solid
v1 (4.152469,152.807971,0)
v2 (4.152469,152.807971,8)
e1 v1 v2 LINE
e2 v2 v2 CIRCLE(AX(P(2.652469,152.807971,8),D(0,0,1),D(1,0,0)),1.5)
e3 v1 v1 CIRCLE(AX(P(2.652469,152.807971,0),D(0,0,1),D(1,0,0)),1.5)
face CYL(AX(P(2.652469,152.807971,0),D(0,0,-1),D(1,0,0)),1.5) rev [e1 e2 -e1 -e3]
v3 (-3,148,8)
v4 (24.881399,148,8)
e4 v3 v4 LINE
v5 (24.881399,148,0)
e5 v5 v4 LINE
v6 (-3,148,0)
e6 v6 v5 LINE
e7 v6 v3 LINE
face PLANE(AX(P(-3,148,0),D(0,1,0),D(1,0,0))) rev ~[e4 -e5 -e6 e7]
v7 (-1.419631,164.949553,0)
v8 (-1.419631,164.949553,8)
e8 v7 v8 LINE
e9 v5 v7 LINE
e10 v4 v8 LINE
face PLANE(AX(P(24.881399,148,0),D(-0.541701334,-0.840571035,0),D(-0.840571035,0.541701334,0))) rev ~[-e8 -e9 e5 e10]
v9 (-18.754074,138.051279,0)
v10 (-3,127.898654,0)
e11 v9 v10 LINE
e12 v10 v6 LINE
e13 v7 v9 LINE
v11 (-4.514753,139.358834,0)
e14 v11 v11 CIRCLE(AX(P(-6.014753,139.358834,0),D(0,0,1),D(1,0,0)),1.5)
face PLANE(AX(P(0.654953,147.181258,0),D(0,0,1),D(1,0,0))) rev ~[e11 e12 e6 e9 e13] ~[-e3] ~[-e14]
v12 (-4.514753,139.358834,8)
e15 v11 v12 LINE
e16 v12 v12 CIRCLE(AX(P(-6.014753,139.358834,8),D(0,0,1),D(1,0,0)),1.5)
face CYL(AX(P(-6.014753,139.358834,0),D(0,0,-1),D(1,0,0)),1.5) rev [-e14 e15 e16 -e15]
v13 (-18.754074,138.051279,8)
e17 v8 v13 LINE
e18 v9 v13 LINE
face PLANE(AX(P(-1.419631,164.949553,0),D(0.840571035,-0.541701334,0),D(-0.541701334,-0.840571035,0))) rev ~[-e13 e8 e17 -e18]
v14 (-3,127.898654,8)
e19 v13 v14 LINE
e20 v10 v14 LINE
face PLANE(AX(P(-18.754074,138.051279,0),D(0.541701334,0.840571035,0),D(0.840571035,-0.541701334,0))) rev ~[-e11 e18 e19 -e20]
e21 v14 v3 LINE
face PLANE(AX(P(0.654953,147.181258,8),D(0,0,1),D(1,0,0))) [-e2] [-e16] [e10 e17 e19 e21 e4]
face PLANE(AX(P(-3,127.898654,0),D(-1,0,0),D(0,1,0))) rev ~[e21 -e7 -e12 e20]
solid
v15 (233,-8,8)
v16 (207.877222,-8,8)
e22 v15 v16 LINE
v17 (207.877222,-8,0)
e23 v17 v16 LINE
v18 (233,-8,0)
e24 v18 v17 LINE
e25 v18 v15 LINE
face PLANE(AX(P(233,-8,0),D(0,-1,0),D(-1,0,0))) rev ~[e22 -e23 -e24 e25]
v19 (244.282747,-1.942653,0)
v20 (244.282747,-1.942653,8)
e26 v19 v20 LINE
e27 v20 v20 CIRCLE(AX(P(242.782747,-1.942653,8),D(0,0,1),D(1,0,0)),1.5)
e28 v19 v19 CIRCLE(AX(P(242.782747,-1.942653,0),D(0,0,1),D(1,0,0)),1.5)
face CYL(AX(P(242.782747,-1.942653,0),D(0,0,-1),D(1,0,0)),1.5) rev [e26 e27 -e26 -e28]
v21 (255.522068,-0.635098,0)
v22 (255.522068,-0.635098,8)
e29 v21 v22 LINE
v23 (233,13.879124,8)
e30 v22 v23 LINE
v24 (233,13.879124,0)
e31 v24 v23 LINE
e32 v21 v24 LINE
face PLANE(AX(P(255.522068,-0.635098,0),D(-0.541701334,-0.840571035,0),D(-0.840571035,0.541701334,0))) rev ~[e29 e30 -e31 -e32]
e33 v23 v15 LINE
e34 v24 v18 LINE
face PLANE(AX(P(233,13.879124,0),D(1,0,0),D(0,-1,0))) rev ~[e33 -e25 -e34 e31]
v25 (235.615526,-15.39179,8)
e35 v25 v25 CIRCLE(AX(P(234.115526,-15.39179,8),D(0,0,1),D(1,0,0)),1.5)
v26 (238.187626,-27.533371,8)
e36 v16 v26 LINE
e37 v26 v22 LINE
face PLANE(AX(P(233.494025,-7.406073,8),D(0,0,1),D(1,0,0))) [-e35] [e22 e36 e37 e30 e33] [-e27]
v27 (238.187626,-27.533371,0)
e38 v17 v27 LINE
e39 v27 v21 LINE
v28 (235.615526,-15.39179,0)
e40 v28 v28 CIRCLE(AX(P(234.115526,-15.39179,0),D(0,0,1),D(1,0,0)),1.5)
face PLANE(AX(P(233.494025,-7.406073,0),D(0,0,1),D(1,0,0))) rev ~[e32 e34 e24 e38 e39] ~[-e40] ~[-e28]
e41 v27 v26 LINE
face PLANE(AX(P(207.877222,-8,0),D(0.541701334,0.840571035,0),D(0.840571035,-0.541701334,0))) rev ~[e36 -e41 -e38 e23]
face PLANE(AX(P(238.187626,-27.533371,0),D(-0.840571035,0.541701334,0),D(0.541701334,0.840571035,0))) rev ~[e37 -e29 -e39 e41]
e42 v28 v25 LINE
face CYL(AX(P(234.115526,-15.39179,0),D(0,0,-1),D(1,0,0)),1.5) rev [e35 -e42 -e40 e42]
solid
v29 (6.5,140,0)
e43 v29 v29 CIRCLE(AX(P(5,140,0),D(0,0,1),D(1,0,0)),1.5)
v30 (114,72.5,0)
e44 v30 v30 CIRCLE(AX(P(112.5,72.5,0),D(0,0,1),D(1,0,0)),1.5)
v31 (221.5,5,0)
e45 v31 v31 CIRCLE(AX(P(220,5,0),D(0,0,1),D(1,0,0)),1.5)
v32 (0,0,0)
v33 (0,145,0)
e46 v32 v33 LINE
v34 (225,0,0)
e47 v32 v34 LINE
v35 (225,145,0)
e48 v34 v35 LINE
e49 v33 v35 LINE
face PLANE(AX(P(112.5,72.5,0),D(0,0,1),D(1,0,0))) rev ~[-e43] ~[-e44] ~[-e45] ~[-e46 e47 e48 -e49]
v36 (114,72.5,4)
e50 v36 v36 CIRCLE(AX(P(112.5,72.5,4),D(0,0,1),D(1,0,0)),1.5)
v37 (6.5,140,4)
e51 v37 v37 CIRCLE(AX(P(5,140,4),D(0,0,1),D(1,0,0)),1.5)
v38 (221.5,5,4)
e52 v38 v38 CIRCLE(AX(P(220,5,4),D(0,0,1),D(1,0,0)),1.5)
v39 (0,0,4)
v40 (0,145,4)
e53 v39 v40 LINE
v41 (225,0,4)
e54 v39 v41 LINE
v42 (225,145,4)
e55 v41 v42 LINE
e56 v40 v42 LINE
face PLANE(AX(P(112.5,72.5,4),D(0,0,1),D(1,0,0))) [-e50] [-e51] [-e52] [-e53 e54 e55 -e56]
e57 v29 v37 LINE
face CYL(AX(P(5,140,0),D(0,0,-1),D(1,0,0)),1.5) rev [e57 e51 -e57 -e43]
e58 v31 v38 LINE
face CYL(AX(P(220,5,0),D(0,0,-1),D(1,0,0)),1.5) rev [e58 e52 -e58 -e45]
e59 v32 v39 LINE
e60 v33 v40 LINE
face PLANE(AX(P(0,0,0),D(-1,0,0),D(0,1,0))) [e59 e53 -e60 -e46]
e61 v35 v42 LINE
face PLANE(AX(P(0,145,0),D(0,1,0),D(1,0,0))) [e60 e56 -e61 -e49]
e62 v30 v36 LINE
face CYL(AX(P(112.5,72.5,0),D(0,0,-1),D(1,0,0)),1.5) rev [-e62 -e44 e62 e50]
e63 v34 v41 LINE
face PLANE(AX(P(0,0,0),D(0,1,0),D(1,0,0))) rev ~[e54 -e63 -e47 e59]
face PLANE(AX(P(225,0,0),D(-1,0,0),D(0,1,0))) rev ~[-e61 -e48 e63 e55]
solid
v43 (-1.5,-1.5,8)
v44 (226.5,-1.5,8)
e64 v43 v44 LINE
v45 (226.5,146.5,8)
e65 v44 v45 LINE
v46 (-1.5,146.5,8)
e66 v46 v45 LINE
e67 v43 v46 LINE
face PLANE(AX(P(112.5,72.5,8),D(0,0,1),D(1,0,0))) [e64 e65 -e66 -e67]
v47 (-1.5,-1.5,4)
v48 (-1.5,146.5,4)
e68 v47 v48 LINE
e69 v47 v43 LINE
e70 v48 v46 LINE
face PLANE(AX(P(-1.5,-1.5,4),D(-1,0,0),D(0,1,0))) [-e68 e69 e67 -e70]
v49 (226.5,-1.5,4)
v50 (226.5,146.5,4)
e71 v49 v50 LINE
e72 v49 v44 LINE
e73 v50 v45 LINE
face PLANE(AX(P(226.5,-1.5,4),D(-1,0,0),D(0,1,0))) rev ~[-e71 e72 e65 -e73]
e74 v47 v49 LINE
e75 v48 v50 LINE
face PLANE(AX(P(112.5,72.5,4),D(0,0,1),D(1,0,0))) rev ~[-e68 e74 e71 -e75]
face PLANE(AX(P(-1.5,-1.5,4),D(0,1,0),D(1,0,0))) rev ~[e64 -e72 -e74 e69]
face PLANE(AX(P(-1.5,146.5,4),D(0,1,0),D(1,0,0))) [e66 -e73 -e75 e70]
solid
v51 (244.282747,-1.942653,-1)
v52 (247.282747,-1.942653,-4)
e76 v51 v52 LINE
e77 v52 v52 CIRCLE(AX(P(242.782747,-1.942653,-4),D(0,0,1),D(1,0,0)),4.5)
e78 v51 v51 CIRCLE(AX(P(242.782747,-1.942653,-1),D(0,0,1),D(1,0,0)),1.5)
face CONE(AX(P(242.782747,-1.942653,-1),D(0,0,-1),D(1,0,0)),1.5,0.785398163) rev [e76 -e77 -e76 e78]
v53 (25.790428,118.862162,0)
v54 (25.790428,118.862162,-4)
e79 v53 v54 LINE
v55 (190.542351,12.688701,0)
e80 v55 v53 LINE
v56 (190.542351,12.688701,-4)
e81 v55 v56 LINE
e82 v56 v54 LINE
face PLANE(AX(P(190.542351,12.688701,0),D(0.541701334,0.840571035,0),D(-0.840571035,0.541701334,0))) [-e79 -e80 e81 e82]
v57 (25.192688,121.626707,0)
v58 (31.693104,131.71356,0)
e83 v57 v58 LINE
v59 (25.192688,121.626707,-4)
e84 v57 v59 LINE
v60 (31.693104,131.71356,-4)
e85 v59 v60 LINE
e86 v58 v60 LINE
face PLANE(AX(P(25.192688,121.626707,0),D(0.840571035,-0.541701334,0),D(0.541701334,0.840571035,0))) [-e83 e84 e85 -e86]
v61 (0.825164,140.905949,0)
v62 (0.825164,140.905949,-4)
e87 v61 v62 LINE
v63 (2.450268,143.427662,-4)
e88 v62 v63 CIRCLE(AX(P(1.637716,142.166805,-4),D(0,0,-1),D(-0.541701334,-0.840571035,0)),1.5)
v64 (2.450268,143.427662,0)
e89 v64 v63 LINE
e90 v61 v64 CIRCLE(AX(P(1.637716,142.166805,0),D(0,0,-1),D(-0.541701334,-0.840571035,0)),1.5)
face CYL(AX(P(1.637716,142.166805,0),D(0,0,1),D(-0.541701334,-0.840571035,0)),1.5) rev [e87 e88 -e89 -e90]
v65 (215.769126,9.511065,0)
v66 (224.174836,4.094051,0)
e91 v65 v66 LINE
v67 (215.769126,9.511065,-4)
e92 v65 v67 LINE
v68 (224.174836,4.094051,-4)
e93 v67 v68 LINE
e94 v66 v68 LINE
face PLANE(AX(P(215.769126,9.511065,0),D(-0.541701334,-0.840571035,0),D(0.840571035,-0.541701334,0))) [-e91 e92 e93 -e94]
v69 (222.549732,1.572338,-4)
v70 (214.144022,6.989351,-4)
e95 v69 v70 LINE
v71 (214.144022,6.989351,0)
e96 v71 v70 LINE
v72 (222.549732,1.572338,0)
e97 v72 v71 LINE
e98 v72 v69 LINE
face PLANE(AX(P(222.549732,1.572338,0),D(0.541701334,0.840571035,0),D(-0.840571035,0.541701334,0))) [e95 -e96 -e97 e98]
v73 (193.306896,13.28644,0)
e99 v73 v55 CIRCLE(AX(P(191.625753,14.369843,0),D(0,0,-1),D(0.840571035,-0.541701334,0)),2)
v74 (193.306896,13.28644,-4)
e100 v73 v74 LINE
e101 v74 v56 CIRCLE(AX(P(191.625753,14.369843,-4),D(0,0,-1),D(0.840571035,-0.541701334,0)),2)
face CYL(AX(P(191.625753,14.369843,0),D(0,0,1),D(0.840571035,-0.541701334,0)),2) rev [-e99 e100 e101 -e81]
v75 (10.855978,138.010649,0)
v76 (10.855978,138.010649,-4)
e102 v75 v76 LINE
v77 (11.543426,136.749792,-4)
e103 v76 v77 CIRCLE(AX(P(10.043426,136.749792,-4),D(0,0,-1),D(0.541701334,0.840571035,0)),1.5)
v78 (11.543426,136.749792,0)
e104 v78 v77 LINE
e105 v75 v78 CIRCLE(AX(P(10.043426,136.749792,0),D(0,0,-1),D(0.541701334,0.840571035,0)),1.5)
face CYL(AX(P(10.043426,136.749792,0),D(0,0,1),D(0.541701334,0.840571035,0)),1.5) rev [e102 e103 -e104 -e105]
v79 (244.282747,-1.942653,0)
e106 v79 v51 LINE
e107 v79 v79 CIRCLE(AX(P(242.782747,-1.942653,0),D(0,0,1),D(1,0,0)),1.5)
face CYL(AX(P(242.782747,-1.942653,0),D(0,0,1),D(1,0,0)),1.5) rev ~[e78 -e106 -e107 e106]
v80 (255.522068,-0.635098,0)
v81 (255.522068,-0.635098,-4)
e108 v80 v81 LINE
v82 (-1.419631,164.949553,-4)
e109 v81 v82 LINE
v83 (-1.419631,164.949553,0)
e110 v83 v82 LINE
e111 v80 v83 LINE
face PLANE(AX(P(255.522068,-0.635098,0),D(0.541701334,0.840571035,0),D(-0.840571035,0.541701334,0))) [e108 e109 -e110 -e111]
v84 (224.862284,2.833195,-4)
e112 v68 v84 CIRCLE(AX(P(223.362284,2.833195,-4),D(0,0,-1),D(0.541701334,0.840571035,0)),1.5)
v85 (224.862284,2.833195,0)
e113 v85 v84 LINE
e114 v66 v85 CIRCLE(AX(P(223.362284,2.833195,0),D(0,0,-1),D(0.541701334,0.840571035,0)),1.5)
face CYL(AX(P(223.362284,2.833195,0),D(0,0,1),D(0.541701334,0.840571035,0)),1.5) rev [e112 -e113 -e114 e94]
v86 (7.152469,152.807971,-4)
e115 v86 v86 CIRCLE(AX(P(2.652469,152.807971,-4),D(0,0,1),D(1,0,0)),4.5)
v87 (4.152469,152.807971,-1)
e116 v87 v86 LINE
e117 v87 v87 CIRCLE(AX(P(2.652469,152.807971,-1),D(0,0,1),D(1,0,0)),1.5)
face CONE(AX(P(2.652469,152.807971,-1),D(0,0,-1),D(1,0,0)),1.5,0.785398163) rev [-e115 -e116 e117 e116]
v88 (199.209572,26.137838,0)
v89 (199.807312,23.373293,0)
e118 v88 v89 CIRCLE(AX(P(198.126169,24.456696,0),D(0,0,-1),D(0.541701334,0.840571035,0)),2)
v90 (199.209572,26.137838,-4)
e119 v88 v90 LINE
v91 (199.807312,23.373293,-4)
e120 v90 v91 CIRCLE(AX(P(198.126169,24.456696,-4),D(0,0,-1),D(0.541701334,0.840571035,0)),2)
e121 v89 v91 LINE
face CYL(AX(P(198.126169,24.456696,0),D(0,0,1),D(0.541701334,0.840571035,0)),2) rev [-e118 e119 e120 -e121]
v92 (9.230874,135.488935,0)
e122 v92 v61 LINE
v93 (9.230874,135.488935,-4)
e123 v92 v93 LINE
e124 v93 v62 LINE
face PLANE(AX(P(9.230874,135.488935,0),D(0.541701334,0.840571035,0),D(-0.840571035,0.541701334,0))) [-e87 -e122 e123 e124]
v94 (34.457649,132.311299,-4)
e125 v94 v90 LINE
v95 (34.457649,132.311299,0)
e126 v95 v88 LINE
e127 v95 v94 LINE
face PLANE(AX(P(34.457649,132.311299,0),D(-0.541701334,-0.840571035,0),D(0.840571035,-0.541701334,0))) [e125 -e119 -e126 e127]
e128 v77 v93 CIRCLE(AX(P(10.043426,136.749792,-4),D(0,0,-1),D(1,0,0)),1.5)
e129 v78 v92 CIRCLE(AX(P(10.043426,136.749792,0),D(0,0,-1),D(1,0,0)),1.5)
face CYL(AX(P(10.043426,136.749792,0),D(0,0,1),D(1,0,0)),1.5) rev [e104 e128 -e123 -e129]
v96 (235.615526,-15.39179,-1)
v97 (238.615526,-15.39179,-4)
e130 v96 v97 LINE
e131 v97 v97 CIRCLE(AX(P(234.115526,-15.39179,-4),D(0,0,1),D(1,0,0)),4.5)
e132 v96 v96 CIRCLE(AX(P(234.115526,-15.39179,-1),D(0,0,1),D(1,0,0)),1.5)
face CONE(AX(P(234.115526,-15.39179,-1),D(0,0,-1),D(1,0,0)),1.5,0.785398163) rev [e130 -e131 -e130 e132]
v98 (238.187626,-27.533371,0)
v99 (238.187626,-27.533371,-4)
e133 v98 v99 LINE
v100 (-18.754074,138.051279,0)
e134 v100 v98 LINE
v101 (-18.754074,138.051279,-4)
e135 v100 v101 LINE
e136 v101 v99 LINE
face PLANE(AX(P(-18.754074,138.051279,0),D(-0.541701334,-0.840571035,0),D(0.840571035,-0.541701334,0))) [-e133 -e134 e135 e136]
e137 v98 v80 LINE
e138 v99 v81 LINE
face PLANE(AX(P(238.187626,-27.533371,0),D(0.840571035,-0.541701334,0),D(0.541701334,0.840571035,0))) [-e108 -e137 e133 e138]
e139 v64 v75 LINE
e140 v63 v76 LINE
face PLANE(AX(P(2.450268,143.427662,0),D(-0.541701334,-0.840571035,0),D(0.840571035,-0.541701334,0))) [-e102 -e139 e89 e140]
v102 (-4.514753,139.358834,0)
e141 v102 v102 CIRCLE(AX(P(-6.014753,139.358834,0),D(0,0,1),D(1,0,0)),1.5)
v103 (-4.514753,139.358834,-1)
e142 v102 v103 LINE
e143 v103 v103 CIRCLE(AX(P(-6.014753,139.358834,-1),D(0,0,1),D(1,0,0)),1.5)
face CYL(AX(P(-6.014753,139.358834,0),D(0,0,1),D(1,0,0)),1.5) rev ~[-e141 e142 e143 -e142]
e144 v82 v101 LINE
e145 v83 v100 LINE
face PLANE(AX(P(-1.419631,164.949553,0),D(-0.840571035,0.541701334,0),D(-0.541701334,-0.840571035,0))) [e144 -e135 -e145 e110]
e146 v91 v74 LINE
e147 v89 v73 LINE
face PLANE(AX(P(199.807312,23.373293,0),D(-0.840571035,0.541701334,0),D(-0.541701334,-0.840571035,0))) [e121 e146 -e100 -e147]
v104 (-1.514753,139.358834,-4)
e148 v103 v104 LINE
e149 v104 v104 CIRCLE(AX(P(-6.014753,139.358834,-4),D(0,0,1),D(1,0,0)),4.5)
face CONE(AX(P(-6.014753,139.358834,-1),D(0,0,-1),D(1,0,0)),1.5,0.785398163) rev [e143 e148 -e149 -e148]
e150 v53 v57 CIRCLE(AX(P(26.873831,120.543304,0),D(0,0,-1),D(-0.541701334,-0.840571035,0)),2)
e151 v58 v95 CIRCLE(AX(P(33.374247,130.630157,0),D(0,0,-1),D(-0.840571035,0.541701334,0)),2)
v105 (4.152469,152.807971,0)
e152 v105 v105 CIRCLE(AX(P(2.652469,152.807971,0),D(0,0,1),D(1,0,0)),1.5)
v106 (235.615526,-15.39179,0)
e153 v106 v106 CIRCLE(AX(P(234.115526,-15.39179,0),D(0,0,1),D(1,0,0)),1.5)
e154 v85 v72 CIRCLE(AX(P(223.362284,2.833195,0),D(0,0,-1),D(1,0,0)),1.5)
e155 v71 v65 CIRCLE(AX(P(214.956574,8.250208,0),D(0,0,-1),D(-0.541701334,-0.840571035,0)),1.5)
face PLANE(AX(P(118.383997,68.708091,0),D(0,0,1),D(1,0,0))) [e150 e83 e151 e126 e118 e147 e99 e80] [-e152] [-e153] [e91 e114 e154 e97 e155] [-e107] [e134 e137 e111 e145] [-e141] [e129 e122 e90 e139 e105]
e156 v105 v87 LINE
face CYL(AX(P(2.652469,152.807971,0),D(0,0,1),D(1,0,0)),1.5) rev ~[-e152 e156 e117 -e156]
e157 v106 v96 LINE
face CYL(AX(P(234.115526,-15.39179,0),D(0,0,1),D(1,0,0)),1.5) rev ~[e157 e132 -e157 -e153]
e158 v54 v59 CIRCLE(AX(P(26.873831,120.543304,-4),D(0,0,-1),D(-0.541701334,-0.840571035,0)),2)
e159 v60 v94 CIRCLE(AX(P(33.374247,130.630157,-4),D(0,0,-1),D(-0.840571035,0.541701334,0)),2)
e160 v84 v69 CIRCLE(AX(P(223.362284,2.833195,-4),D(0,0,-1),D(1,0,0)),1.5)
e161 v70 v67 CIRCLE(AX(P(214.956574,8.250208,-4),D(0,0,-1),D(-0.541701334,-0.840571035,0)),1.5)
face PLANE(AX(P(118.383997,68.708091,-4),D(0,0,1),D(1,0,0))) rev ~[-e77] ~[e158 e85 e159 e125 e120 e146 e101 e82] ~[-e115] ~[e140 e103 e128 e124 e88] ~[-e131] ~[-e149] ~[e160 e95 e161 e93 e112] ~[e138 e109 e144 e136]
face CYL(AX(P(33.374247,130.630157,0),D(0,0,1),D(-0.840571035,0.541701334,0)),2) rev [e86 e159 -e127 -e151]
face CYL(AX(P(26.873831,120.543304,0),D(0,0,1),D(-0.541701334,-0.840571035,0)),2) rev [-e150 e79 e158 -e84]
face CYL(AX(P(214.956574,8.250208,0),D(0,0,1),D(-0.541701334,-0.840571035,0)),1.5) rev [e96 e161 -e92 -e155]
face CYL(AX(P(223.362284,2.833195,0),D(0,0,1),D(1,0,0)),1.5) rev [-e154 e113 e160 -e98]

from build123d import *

# Parameters (mm, degrees)
F1_W     = 225
F1_H     = 145
F1_R     = 1.5
F2_DEPTH = 4
F3_R     = 1.5
F4_DEPTH = 4
F5_R     = 1.5
F6_DEPTH = 8
F7_DEPTH = 8
F8_START = 4
F1_W_2   = 228
F1_H_2   = 148
F8_DEPTH = 4
F9_SIZE  = 3


with BuildPart() as f2:
    # F1 (on Top) → F2 (new body)
    with BuildSketch(Plane.XY):
        with Locations((112.5, 72.5)):
            Rectangle(F1_W, F1_H)
        with Locations((220, 5)):
            Circle(F1_R, mode=Mode.SUBTRACT)
        with Locations((5, 140)):
            Circle(F1_R, mode=Mode.SUBTRACT)
        with Locations((112.5, 72.5)):
            Circle(F1_R, mode=Mode.SUBTRACT)
    extrude(amount=F2_DEPTH)


with BuildPart() as f4:
    # F3 (on Top) → F4 (new body)
    with BuildSketch(Plane.XY):
        Polygon((-1.4196310815, 164.9495525662), (-18.7540737608, 138.0512794432), (238.1876255728, -27.5333712384), (255.5220682521, -0.6350981154), align=None)
        with Locations((234.1155258917, -15.3917896204)):
            Circle(F3_R, mode=Mode.SUBTRACT)
        with BuildLine():
            ThreePointArc((214.1440217888, 6.9893514497), (213.6957172368, 9.062760003), (215.76912579, 9.511064555))
            Line((215.76912579, 9.511064555), (224.174836141, 4.0940512177))
            ThreePointArc((224.174836141, 4.0940512177), (224.6792556664, 3.551237839), (224.8622841404, 2.8331946651))
            ThreePointArc((224.8622841404, 2.8331946651), (224.0803273143, 1.516223139), (222.5497321398, 1.5723381125))
            Line((222.5497321398, 1.5723381125), (214.1440217888, 6.9893514497))
        make_face(mode=Mode.SUBTRACT)
        with Locations((242.7827472313, -1.9426530589)):
            Circle(F3_R, mode=Mode.SUBTRACT)
        with BuildLine():
            ThreePointArc((31.693104493, 131.7135595833), (32.9515809781, 132.5849852467), (34.4576492306, 132.311298986))
            Line((34.4576492306, 132.311298986), (199.209572109, 26.1378375755))
            ThreePointArc((199.209572109, 26.1378375755), (200.0809977724, 24.8793610904), (199.8073115117, 23.3732928379))
            Line((199.8073115117, 23.3732928379), (193.306895507, 13.2864404167))
            ThreePointArc((193.306895507, 13.2864404167), (192.0484190219, 12.4150147533), (190.5423507694, 12.688701014))
            Line((190.5423507694, 12.688701014), (25.790427891, 118.8621624245))
            ThreePointArc((25.790427891, 118.8621624245), (24.9190022276, 120.1206389096), (25.1926884883, 121.6267071621))
            Line((25.1926884883, 121.6267071621), (31.693104493, 131.7135595833))
        make_face(mode=Mode.SUBTRACT)
        with Locations((-6.01475274, 139.3588343867)):
            Circle(F3_R, mode=Mode.SUBTRACT)
        with BuildLine():
            ThreePointArc((0.825163859, 140.9059487823), (0.376859307, 142.9793573355), (2.4502678602, 143.4276618875))
            Line((2.4502678602, 143.4276618875), (10.8559782112, 138.0106485503))
            ThreePointArc((10.8559782112, 138.0106485503), (11.3603977366, 137.4678351715), (11.5434262106, 136.7497919976))
            ThreePointArc((11.5434262106, 136.7497919976), (10.7614693844, 135.4328204716), (9.23087421, 135.488935445))
            Line((9.23087421, 135.488935445), (0.825163859, 140.9059487823))
        make_face(mode=Mode.SUBTRACT)
        with Locations((2.6524685996, 152.8079709482)):
            Circle(F3_R, mode=Mode.SUBTRACT)
    extrude(amount=-F4_DEPTH)

    # F9
    f9_edges = [f4.edges().sort_by_distance(p)[0] for p in [
        (232.615526, -15.39179, -4),
        (241.282747, -1.942653, -4),
        (1.152469, 152.807971, -4),
        (-7.514753, 139.358834, -4),
    ]]
    chamfer(f9_edges, length=F9_SIZE)


with BuildPart() as f6:
    # F5 (on face) → F6 (new body)
    with BuildSketch(Plane.XY):
        Polygon((24.8813987626, 148), (-1.4196310815, 164.9495525662), (-18.7540737608, 138.0512794432), (-3, 127.8986541307), (-3, 148), align=None)
        with Locations((-6.01475274, 139.3588343867)):
            Circle(F5_R, mode=Mode.SUBTRACT)
        with Locations((2.6524685996, 152.8079709482)):
            Circle(F5_R, mode=Mode.SUBTRACT)
    extrude(amount=F6_DEPTH)


with BuildPart() as f7:
    # F5 (on face) → F7 (new body)
    with BuildSketch(Plane.XY):
        Polygon((255.5220682521, -0.6350981154), (233, 13.879123647), (233, -8), (207.877221927, -8), (238.1876255728, -27.5333712384), align=None)
        with Locations((234.1155258917, -15.3917896204)):
            Circle(F5_R, mode=Mode.SUBTRACT)
        with Locations((242.7827472313, -1.9426530589)):
            Circle(F5_R, mode=Mode.SUBTRACT)
    extrude(amount=F7_DEPTH)


with BuildPart() as f8:
    # F1 (on Top) → F8 (new body)
    with BuildSketch(Plane.XY.offset(F8_START)):
        with Locations((112.5, 72.5)):
            Rectangle(F1_W_2, F1_H_2)
        with Locations((112.5, 72.5)):
            Rectangle(F1_W, F1_H, mode=Mode.SUBTRACT)
        with Locations((112.5, 72.5)):
            Rectangle(F1_W, F1_H)
        with Locations((220, 5)):
            Circle(F1_R, mode=Mode.SUBTRACT)
        with Locations((5, 140)):
            Circle(F1_R, mode=Mode.SUBTRACT)
        with Locations((112.5, 72.5)):
            Circle(F1_R, mode=Mode.SUBTRACT)
        with Locations((5, 140)):
            Circle(F1_R)
        with Locations((220, 5)):
            Circle(F1_R)
        with Locations((112.5, 72.5)):
            Circle(F1_R)
    extrude(amount=F8_DEPTH)


solid = Compound([f2.part, f4.part, f6.part, f7.part, f8.part])
